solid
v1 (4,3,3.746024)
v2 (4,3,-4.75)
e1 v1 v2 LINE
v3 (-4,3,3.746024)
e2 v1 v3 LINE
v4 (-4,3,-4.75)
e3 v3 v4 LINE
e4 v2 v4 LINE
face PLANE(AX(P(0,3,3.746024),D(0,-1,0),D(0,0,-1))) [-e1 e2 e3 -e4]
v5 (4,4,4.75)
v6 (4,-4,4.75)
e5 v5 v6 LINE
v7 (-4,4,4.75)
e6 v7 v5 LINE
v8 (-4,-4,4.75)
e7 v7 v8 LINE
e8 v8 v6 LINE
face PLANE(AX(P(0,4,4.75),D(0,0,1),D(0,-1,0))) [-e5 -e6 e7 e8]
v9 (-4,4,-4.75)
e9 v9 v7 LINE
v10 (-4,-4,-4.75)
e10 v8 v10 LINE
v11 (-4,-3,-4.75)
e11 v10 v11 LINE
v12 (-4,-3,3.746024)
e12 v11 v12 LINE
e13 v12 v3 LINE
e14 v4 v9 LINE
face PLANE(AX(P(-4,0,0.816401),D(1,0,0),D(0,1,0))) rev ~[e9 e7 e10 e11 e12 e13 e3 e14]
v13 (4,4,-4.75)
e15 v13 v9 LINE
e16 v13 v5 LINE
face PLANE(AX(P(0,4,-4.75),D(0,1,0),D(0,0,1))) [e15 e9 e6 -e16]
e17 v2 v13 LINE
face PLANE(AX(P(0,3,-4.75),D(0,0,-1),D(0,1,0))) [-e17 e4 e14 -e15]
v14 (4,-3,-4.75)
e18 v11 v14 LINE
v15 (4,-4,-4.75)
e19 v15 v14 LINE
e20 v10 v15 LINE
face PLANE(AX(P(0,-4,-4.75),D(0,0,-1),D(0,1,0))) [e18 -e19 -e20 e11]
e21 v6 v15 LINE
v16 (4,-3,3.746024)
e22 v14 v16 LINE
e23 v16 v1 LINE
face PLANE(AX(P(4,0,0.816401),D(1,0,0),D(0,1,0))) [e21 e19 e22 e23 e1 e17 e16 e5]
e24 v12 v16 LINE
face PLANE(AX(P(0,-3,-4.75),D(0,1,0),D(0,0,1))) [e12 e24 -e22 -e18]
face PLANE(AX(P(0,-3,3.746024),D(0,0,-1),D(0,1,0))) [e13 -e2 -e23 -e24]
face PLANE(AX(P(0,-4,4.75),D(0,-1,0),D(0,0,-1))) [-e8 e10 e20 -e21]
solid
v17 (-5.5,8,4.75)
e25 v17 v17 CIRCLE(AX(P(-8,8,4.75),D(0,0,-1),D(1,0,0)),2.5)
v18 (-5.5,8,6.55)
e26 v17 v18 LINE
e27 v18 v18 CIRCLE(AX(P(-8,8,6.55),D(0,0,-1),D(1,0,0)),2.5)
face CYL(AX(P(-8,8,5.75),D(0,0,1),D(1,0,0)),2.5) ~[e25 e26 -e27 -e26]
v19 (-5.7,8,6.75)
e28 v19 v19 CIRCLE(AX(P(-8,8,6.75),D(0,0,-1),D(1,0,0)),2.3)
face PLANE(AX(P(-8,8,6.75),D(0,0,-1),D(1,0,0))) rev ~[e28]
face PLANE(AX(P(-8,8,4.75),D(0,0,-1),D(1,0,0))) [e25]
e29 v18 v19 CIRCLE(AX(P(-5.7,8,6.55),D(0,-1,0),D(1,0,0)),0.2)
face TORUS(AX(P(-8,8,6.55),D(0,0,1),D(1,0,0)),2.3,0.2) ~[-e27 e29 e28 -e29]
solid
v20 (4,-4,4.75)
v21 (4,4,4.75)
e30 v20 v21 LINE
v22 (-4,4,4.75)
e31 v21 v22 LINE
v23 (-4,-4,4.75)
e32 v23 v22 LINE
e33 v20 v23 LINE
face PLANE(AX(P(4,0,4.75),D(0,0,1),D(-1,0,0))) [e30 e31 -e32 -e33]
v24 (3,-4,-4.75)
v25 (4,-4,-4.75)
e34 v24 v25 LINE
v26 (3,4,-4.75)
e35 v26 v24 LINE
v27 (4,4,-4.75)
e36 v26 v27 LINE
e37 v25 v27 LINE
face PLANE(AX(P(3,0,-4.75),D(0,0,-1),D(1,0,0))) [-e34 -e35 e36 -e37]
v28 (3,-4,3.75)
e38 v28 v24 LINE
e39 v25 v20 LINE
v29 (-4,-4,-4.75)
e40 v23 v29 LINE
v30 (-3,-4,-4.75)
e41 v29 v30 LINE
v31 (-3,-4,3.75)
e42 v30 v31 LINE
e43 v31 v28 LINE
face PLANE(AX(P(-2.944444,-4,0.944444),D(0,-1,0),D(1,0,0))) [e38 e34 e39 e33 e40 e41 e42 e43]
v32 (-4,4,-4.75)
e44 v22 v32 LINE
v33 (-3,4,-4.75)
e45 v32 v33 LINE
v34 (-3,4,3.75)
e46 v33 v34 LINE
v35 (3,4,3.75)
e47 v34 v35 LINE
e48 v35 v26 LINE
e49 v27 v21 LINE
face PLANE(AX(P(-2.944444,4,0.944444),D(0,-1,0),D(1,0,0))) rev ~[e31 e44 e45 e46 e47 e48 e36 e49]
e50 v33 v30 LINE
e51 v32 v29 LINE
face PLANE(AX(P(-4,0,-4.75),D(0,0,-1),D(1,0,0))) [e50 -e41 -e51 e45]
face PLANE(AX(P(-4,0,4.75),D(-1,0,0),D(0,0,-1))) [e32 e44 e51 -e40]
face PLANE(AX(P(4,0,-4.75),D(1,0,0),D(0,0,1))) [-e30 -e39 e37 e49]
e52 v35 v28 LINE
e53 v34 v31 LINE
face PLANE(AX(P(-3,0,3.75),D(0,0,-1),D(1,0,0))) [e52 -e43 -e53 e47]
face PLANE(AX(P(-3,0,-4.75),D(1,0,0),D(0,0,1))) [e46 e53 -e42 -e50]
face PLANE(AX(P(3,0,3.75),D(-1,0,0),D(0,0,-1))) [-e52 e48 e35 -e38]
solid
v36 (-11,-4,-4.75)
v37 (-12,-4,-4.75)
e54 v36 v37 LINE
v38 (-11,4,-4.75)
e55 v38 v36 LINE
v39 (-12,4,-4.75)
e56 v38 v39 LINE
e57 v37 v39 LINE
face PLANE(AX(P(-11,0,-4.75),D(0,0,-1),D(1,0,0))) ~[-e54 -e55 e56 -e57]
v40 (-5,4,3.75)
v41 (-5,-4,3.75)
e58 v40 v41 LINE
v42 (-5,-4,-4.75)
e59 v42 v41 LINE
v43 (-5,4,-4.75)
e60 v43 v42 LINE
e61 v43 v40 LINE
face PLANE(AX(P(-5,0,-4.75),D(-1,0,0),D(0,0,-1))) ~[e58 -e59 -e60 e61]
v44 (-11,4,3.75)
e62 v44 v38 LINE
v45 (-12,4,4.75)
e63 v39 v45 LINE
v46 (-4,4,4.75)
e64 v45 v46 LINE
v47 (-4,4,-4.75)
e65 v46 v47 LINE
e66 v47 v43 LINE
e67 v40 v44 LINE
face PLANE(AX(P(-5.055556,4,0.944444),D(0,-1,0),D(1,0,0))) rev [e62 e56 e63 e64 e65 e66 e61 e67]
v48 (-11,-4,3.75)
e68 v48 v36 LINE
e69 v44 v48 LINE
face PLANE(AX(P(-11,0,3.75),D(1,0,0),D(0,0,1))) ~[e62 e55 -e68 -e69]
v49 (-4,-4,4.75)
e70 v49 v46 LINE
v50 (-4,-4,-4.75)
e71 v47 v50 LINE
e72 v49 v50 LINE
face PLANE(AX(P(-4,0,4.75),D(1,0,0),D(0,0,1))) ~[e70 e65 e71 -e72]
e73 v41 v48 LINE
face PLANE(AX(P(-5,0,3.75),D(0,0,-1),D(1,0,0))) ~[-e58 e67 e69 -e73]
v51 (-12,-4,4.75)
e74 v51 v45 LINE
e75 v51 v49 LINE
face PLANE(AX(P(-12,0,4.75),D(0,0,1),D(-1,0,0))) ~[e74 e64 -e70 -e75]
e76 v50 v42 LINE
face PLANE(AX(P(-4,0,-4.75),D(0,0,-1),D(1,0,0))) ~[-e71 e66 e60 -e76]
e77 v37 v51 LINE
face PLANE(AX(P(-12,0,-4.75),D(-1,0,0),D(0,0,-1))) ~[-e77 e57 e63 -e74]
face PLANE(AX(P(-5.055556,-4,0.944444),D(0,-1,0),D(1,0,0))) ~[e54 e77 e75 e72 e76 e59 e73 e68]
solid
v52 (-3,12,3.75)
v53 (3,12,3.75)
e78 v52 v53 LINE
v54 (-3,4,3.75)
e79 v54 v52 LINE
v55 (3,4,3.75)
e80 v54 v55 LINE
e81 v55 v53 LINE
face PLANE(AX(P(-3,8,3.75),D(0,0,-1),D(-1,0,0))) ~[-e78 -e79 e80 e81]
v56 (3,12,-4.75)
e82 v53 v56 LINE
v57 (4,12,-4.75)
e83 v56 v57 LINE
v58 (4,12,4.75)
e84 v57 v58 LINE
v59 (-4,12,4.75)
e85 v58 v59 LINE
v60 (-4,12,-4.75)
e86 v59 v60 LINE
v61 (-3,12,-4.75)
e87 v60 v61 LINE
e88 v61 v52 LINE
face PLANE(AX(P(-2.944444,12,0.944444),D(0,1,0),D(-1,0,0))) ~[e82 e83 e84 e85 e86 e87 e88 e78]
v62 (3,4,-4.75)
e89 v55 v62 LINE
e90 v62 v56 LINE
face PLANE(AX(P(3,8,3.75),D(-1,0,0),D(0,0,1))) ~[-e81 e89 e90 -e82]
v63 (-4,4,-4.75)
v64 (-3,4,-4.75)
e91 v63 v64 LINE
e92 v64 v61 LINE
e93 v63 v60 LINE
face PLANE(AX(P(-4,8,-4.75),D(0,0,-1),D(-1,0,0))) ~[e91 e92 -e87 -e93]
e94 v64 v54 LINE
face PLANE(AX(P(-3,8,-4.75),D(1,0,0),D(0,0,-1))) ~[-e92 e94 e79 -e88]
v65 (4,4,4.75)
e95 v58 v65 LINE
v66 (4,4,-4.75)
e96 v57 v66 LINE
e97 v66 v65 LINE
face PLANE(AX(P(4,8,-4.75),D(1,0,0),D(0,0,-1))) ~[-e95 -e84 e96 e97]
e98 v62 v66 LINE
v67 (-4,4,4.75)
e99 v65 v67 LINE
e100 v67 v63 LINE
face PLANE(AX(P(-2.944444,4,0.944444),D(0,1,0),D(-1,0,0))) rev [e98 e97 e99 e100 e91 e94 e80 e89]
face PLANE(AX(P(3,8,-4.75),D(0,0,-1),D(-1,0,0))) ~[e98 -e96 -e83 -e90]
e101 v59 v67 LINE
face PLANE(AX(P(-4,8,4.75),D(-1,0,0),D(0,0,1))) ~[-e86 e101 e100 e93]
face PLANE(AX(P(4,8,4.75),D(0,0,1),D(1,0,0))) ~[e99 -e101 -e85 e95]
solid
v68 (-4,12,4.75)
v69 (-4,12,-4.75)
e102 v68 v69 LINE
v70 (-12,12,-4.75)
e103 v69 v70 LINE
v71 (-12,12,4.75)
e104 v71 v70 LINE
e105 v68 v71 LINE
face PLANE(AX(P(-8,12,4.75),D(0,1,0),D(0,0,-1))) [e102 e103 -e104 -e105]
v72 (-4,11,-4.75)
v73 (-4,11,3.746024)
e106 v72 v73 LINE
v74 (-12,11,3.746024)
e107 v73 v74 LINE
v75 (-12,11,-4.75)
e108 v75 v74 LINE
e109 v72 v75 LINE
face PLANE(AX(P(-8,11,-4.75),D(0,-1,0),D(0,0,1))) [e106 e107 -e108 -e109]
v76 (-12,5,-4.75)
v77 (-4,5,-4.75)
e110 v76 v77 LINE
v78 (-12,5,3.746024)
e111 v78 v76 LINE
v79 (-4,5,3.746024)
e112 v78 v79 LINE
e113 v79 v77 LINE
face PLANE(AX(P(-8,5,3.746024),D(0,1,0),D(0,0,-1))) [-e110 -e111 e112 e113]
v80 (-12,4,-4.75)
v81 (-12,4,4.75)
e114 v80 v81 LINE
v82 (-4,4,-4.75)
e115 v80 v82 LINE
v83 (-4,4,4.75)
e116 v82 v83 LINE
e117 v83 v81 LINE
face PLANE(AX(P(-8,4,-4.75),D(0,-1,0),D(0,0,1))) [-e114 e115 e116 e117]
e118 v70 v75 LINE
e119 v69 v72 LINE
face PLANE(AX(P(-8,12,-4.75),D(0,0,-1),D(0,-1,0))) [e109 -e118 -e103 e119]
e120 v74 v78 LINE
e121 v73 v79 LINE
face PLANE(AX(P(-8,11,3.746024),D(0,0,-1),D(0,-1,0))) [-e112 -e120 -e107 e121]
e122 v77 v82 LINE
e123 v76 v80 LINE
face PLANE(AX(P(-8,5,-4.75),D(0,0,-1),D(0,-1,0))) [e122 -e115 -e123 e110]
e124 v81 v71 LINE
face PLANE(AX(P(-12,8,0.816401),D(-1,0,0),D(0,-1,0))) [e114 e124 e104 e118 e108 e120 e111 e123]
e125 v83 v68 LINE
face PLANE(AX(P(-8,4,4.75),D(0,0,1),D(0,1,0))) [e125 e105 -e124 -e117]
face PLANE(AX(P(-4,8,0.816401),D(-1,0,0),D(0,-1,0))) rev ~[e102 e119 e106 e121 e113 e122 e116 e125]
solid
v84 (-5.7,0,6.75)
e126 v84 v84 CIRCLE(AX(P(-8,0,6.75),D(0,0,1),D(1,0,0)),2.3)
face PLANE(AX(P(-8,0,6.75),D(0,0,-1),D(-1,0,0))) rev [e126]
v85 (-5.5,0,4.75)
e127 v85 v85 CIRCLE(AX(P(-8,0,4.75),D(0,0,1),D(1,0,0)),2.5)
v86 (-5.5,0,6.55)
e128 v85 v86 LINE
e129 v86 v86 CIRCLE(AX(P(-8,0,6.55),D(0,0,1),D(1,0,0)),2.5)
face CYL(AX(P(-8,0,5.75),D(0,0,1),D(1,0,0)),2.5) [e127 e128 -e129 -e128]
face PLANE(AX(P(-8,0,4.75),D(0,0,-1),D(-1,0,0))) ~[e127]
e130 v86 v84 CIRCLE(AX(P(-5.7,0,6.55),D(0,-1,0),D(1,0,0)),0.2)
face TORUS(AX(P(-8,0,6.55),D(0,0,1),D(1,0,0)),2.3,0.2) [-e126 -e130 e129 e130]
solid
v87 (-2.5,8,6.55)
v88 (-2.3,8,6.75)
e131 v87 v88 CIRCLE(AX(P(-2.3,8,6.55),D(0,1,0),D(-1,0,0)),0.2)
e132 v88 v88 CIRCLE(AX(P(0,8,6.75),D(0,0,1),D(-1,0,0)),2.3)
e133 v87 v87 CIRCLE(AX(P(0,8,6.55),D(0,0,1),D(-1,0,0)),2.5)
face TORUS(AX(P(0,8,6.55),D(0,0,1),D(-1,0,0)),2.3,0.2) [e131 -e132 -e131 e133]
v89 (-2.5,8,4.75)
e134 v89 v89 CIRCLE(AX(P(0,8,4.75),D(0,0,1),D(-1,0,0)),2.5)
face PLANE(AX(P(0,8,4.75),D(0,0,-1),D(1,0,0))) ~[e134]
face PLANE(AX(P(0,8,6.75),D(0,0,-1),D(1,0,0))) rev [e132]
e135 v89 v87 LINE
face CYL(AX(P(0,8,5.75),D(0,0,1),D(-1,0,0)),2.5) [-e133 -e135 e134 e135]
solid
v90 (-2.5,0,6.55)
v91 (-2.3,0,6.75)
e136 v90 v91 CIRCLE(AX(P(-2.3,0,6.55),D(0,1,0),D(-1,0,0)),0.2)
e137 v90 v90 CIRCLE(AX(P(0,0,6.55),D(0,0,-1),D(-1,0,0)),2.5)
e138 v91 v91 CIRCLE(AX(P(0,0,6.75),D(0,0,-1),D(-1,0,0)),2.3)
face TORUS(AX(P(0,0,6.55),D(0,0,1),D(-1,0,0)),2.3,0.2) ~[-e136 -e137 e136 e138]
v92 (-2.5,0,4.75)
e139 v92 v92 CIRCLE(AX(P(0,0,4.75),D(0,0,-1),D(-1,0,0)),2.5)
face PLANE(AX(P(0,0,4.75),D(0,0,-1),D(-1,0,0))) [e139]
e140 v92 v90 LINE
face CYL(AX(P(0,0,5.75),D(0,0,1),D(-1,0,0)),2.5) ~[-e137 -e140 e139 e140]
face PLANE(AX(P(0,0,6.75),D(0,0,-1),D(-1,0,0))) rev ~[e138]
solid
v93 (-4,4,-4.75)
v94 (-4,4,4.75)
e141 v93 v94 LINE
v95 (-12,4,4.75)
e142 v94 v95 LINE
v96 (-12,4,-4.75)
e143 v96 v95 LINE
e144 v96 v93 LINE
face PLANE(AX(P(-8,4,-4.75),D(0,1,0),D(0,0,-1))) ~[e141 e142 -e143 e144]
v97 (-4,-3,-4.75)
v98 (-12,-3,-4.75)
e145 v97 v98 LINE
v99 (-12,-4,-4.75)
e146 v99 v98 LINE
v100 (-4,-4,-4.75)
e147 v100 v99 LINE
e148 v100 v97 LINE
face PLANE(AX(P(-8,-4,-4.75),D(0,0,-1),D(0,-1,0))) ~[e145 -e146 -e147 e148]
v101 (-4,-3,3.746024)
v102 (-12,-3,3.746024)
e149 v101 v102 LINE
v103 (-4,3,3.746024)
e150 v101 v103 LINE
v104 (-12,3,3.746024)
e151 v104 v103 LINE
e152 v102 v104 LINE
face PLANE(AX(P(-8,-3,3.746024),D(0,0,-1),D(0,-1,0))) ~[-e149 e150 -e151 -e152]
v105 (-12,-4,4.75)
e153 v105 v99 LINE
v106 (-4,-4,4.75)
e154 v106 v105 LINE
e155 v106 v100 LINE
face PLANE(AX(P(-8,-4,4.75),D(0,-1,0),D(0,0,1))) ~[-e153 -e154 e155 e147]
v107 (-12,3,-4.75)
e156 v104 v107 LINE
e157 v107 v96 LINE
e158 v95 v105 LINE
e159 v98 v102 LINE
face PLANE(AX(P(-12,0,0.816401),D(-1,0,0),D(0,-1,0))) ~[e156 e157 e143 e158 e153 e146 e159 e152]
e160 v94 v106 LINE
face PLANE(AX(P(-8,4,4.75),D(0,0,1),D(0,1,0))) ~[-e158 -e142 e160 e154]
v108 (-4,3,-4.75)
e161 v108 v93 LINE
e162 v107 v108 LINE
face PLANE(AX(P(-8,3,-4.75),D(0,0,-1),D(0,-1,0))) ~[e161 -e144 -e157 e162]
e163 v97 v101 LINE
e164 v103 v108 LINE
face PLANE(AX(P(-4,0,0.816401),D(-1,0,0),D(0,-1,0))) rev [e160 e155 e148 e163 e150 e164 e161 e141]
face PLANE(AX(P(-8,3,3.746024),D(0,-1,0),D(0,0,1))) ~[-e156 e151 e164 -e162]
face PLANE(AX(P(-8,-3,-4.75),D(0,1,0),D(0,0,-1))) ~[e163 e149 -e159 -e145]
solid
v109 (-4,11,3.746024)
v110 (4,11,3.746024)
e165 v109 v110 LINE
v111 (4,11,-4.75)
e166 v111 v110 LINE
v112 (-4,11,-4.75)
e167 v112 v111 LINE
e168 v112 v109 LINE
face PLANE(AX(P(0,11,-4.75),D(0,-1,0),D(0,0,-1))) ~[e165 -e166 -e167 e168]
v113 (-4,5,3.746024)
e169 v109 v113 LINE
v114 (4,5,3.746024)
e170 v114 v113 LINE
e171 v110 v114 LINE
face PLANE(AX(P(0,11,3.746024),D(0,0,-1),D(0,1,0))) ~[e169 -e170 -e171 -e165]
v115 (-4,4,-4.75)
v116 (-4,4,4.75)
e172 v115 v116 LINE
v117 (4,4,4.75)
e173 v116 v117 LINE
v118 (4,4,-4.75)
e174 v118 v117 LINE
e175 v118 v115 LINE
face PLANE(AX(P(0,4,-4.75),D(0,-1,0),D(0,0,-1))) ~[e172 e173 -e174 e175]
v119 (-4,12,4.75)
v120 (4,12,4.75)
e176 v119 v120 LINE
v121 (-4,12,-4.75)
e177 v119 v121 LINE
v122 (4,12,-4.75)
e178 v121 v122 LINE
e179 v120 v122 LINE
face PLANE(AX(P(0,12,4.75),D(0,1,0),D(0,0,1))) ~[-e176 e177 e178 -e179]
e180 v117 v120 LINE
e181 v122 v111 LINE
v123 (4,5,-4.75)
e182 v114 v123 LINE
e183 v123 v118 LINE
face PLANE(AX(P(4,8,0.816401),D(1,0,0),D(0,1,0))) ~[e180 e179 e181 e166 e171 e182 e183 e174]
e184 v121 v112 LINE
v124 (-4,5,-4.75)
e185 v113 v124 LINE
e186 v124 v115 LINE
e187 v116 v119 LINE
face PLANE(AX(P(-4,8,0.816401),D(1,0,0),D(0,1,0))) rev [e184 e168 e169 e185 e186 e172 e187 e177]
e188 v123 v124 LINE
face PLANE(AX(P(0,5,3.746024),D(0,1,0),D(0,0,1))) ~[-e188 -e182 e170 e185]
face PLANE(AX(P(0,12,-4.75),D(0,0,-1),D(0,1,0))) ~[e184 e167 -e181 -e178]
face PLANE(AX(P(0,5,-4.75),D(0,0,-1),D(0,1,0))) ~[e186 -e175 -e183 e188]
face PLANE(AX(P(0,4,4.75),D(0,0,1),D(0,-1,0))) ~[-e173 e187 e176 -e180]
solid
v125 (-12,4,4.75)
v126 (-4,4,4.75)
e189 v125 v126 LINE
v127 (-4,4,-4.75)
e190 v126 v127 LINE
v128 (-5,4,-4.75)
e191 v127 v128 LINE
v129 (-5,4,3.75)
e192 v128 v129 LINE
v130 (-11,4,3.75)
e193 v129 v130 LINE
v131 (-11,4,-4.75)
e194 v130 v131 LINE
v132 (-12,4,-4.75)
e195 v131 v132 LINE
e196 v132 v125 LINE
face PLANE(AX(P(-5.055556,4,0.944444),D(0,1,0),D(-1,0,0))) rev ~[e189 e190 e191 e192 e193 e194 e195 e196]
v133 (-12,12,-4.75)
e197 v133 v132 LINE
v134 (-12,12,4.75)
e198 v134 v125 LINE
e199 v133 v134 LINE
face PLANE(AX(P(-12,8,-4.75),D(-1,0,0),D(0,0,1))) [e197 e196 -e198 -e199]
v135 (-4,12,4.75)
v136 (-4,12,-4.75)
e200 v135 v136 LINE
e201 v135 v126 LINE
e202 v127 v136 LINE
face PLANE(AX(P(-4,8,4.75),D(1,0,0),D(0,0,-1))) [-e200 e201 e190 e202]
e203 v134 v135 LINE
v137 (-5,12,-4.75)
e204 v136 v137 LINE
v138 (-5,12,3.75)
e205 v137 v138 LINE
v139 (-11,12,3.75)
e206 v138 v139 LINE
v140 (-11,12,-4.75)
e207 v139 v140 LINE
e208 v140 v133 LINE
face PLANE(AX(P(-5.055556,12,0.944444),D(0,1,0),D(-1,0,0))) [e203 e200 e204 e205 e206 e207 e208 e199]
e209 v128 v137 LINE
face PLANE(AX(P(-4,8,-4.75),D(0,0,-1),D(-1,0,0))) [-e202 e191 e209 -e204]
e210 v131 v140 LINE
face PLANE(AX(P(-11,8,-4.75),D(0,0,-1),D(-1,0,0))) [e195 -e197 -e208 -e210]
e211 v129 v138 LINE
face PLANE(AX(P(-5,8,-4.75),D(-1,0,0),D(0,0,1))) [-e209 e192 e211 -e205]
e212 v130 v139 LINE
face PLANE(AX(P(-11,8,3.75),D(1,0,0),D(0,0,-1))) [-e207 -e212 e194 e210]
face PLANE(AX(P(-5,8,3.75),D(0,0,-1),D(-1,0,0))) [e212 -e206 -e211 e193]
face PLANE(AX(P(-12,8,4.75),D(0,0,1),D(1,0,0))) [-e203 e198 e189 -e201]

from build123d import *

# Parameters (mm, degrees)
F0_W     = 2.5
F0_H     = 2
F2_R     = 0.2
F4_DEPTH = 4
F5_DEPTH = 4


with BuildPart() as f1:
    # F0 (on Front) → F1 (revolve)
    with BuildSketch(Plane.XZ):
        with Locations((-1.25, 5.75)):
            Rectangle(F0_W, F0_H)
    revolve(axis=Axis((0, 0, 5.75), (0, 0, -1)))

    # F2
    f2_edges = [f1.edges().sort_by_distance(p)[0] for p in [
        (2.5, 0, 6.75),
    ]]
    fillet(f2_edges, radius=F2_R)


with BuildPart() as f4:
    # F3 (on Right) → F4 (new body, symmetric)
    with BuildSketch(Plane.YZ):
        Polygon((4, -4.75), (4, 4.75), (-4, 4.75), (-4, -4.75), (-3, -4.75), (-3, 3.7460238673), (0, 3.7460238673), (3, 3.7460238673), (3, -4.75), align=None)
    extrude(amount=F4_DEPTH, both=True)


with BuildPart() as f5:
    # F0 (on Front) → F5 (new body, symmetric)
    with BuildSketch(Plane.XZ):
        Polygon((0, 3.75), (0, 4.75), (-2.5, 4.75), (-4, 4.75), (-4, -4.75), (-3, -4.75), (-3, 3.75), align=None)
        Polygon((4, 4.75), (0, 4.75), (0, 3.75), (3, 3.75), (3, -4.75), (4, -4.75), align=None)
    extrude(amount=F5_DEPTH, both=True)


with BuildPart() as f6_1:
    # F6: instance of F1
    add(f1.part.mirror(Plane(origin=(-4, 0, 0), x_dir=(0, -1, 0), z_dir=(-1, 0, 0))))


with BuildPart() as f6_2:
    # F6: instance of F5
    add(f5.part.mirror(Plane(origin=(-4, 0, 0), x_dir=(0, -1, 0), z_dir=(-1, 0, 0))))


with BuildPart() as f6_3:
    # F6: instance of F4
    add(f4.part.mirror(Plane(origin=(-4, 0, 0), x_dir=(0, -1, 0), z_dir=(-1, 0, 0))))


with BuildPart() as f7_1:
    # F7: instance of F1
    add(f1.part.mirror(Plane(origin=(-8, 4, 0), x_dir=(-1, 0, 0), z_dir=(0, 1, 0))))


with BuildPart() as f7_2:
    # F7: instance of F4
    add(f4.part.mirror(Plane(origin=(-8, 4, 0), x_dir=(-1, 0, 0), z_dir=(0, 1, 0))))


with BuildPart() as f7_3:
    # F7: instance of F5
    add(f5.part.mirror(Plane(origin=(-8, 4, 0), x_dir=(-1, 0, 0), z_dir=(0, 1, 0))))


with BuildPart() as f7_4:
    # F7: instance of F6_1
    add(f6_1.part.mirror(Plane(origin=(-8, 4, 0), x_dir=(-1, 0, 0), z_dir=(0, 1, 0))))


with BuildPart() as f7_5:
    # F7: instance of F6_3
    add(f6_3.part.mirror(Plane(origin=(-8, 4, 0), x_dir=(-1, 0, 0), z_dir=(0, 1, 0))))


with BuildPart() as f7_6:
    # F7: instance of F6_2
    add(f6_2.part.mirror(Plane(origin=(-8, 4, 0), x_dir=(-1, 0, 0), z_dir=(0, 1, 0))))


solid = Compound([f1.part, f4.part, f5.part, f6_1.part, f6_2.part, f6_3.part, f7_1.part, f7_2.part, f7_3.part, f7_4.part, f7_5.part, f7_6.part])
